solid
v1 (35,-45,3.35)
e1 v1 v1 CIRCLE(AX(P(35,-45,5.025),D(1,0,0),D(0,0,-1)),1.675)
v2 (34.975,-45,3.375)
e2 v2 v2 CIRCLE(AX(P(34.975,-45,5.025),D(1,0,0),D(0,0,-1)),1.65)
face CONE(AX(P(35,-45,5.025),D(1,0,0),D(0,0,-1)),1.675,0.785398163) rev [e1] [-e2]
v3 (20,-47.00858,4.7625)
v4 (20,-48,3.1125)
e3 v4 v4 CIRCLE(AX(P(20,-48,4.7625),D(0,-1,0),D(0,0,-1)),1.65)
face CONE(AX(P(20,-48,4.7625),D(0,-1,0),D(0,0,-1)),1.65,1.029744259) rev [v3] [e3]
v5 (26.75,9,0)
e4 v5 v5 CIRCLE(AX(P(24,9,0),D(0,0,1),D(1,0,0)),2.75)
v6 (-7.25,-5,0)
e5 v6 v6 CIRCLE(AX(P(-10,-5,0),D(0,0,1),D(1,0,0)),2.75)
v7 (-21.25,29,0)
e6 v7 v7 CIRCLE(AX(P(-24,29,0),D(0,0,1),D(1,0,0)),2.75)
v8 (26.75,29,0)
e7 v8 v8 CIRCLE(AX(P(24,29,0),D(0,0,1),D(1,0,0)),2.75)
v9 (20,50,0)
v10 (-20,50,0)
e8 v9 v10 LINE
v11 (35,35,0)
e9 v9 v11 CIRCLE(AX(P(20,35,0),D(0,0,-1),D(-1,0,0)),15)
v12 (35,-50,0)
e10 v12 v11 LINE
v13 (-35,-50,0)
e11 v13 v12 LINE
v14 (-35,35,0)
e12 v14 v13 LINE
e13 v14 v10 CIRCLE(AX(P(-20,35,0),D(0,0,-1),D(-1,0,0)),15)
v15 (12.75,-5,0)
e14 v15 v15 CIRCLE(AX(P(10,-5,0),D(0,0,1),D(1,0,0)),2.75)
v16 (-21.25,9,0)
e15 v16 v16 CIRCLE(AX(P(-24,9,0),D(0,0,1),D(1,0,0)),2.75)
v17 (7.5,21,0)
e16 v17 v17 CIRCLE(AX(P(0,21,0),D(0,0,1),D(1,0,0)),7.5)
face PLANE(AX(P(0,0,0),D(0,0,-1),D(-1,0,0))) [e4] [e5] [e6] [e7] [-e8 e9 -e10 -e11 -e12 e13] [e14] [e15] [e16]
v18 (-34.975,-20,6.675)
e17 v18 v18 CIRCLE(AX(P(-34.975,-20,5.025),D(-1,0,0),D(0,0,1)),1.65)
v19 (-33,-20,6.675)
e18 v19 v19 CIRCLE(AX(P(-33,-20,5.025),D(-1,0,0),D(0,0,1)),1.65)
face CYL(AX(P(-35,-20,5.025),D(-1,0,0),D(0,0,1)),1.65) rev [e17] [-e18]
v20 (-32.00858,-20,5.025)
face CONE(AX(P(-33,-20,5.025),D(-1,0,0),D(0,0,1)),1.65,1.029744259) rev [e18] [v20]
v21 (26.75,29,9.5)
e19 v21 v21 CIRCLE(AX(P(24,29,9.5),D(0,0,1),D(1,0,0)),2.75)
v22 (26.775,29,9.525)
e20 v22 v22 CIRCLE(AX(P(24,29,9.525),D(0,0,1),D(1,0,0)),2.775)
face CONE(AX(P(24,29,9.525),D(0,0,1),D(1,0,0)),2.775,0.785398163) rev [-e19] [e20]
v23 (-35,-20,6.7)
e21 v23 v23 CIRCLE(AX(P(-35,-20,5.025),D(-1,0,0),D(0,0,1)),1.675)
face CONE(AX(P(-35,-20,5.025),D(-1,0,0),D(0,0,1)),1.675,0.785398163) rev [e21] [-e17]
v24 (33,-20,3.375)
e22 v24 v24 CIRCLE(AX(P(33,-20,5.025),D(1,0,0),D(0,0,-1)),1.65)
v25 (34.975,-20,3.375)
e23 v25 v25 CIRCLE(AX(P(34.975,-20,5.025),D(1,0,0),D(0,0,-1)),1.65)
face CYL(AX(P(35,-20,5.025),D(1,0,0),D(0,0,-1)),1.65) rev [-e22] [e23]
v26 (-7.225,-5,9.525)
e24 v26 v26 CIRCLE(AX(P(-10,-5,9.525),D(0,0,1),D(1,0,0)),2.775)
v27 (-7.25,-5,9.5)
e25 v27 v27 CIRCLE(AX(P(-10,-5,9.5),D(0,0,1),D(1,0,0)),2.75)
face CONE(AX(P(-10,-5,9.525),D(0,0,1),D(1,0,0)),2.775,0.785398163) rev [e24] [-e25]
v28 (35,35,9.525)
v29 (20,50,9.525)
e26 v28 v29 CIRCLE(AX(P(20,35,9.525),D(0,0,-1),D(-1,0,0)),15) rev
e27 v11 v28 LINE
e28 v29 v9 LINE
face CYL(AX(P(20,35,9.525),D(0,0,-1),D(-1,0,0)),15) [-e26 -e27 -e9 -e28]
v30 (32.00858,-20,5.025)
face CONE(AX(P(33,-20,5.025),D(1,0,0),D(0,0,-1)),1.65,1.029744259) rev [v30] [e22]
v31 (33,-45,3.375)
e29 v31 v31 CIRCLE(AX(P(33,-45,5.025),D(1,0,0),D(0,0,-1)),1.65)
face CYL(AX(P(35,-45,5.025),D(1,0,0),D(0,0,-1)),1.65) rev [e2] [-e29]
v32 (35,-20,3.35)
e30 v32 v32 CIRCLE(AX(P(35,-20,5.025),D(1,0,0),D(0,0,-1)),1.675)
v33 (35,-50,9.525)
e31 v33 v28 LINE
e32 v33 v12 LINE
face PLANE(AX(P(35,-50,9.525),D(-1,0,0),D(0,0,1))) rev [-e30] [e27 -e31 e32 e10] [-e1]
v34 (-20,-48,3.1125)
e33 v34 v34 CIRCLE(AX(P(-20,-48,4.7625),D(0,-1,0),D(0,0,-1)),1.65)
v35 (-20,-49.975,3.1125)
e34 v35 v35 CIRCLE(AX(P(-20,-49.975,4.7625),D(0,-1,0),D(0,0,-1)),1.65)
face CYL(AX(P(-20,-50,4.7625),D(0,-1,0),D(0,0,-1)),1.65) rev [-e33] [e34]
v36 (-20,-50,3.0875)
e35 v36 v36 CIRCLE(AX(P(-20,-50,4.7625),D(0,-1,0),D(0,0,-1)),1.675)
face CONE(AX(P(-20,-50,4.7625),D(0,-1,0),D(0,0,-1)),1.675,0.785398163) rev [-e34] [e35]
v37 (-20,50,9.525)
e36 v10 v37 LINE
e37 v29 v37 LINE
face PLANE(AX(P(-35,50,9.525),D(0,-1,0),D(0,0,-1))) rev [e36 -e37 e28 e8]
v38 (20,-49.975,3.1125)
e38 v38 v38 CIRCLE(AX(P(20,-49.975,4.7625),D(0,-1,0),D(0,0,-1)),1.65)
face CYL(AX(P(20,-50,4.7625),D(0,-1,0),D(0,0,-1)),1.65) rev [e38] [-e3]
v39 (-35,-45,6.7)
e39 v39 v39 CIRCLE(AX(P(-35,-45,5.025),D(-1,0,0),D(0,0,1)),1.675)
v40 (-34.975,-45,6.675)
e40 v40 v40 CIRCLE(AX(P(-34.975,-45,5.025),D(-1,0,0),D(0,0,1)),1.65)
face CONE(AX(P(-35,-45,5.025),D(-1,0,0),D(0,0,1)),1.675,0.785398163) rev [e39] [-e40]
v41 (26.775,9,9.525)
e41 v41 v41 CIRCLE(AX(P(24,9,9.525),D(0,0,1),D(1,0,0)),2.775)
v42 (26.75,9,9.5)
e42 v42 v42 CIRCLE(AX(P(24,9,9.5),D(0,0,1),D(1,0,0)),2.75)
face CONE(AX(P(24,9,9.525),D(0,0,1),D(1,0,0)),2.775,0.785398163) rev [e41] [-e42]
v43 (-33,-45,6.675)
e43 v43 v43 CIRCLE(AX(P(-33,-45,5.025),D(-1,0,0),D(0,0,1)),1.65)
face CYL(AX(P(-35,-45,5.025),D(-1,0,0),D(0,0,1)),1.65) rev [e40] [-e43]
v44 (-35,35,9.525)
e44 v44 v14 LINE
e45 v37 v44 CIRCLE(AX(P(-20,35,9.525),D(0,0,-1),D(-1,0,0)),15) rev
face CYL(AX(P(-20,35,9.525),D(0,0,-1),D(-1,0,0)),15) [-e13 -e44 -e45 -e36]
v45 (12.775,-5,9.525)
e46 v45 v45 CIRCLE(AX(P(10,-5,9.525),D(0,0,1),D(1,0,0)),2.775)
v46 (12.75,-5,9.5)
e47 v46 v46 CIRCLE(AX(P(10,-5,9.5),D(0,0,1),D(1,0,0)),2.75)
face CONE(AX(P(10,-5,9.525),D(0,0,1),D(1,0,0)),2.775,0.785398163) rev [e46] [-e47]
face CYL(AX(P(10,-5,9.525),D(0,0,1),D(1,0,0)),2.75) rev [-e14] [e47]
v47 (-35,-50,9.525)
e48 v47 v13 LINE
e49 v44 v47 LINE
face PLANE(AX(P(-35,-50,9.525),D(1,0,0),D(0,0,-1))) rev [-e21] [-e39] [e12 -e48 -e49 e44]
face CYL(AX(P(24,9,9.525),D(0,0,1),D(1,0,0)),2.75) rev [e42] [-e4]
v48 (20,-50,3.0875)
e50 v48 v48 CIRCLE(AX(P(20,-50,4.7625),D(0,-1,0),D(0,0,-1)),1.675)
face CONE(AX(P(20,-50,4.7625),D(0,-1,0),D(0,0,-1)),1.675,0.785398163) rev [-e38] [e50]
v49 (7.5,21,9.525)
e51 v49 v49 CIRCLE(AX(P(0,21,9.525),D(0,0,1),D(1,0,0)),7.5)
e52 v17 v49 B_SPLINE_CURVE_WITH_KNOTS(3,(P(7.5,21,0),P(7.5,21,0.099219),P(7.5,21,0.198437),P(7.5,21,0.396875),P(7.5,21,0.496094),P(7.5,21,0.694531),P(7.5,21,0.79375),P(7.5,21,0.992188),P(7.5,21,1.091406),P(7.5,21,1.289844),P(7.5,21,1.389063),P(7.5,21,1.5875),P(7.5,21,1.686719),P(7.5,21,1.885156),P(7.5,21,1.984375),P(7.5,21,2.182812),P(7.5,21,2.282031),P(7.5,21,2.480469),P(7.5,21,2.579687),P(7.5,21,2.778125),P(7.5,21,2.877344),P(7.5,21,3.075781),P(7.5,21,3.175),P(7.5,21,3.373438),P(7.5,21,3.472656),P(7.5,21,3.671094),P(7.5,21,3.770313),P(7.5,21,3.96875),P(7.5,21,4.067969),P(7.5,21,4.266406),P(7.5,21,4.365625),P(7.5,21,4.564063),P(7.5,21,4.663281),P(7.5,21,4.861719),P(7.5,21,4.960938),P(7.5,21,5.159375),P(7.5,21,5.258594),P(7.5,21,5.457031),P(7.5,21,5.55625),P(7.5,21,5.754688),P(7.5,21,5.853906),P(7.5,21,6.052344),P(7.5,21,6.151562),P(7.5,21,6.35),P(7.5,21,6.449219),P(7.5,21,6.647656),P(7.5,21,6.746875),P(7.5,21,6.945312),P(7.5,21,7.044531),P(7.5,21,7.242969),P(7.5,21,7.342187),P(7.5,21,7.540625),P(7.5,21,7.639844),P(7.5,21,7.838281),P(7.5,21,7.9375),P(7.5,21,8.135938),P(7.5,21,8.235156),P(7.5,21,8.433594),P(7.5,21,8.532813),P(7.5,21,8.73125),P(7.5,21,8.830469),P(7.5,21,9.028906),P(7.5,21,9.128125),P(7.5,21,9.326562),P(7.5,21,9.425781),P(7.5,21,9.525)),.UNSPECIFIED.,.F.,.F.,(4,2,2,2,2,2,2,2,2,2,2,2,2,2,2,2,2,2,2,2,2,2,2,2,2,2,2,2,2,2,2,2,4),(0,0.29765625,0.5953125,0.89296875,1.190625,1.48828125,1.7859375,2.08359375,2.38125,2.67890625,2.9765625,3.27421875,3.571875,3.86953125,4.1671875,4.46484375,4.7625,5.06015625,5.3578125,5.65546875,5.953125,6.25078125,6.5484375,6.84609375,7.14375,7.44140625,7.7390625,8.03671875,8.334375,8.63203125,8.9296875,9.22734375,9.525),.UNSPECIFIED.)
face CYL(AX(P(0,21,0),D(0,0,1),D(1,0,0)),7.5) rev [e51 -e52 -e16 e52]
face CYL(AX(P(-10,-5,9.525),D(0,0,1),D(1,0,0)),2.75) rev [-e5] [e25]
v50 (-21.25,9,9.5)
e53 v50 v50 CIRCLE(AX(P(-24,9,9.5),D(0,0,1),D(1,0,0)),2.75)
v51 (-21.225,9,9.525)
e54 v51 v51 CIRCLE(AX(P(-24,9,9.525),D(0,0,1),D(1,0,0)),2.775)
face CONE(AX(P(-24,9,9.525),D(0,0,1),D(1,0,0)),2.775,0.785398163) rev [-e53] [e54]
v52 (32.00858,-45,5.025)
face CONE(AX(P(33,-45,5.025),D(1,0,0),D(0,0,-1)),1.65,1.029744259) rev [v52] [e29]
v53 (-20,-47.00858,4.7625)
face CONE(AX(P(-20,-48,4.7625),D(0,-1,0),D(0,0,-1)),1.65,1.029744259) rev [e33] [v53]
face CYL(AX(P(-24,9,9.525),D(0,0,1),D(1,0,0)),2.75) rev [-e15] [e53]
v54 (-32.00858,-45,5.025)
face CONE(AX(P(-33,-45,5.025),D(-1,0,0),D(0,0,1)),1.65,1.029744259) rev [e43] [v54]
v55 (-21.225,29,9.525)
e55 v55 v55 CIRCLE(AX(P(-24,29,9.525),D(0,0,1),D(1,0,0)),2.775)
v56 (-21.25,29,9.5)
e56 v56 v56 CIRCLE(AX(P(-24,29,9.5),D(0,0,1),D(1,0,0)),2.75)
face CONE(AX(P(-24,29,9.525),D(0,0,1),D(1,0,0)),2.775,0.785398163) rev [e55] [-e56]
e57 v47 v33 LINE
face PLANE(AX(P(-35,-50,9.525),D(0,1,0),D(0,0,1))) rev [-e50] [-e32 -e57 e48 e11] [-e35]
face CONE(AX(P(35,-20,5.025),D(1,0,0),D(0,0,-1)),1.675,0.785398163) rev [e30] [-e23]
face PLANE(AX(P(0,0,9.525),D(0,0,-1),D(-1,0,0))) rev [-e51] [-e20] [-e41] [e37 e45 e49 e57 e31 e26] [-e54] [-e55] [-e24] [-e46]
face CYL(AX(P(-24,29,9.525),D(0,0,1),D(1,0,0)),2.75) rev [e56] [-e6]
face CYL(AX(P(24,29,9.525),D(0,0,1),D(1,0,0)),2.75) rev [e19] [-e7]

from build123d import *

# Parameters (mm, degrees)
SKETCH1_W                             = 70
SKETCH1_H                             = 100
BOSS_EXTRUDE1_DEPTH                   = 9.525
TAP_DRILL_FOR_M4X0_7_TAP1_D           = 3.3
TAP_DRILL_FOR_M4X0_7_TAP1_DEPTH       = 2
TAP_DRILL_FOR_M4X0_7_TAP1_CSINK_D     = 3.35
TAP_DRILL_FOR_M4X0_7_TAP1_CSINK_ANGLE = 90
TAP_DRILL_FOR_M4X0_7_TAP1_TIP         = 0.991420021
SKETCH6_R                             = 7.5
CUT_EXTRUDE1_DEPTH                    = 62.771560001
M5_CLEARANCE_HOLE1_D                  = 5.5
M5_CLEARANCE_HOLE1_CSINK_D            = 5.55
M5_CLEARANCE_HOLE1_CSINK_ANGLE        = 90
TAP_DRILL_FOR_M4X0_7_TAP2_AT_2_COUNT  = 2
TAP_DRILL_FOR_M4X0_7_TAP2_AT_2_PITCH  = 25
FILLET1_R                             = 15


with BuildPart() as part:
    # Sketch1 → Boss-Extrude1 (new body)
    with BuildSketch(Plane.XY):
        Rectangle(SKETCH1_W, SKETCH1_H)
    extrude(amount=BOSS_EXTRUDE1_DEPTH)

    # Tap Drill for M4x0.7 Tap1
    with Locations(Plane(origin=(0, -50, 0), x_dir=(-1, 0, 0), z_dir=(0, -1, 0))):
        with Locations((20, -4.7625), (-20, -4.7625)):
            CounterSinkHole(TAP_DRILL_FOR_M4X0_7_TAP1_D / 2, TAP_DRILL_FOR_M4X0_7_TAP1_CSINK_D / 2, depth=TAP_DRILL_FOR_M4X0_7_TAP1_DEPTH, counter_sink_angle=TAP_DRILL_FOR_M4X0_7_TAP1_CSINK_ANGLE)
            with Locations((0, 0, -(TAP_DRILL_FOR_M4X0_7_TAP1_DEPTH + TAP_DRILL_FOR_M4X0_7_TAP1_TIP / 2))):  # 118° drill point
                Cone(0, TAP_DRILL_FOR_M4X0_7_TAP1_D / 2, TAP_DRILL_FOR_M4X0_7_TAP1_TIP, mode=Mode.SUBTRACT)

    # Sketch6 → Cut-Extrude1 (cut, through all)
    with BuildSketch(Plane.XY.offset(9.525)):
        with Locations((0, 21)):
            Circle(SKETCH6_R)
    extrude(amount=-CUT_EXTRUDE1_DEPTH, mode=Mode.SUBTRACT)

    # M5 Clearance Hole1 (through all)
    with Locations(Plane.XY.offset(9.525)):
        with Locations((-10, -5), (10, -5), (24, 9), (24, 29), (-24, 9), (-24, 29)):
            CounterSinkHole(M5_CLEARANCE_HOLE1_D / 2, M5_CLEARANCE_HOLE1_CSINK_D / 2, counter_sink_angle=M5_CLEARANCE_HOLE1_CSINK_ANGLE)

    # Sketch16 → Tap Drill for M4x0.7 Tap2 (revolve, cut)
    with BuildSketch(Plane(origin=(35, -45, 5.025), x_dir=(0, 0, -1), z_dir=(0, 1, 0))):
        Polygon((0, 0), (0, 2.991420021), (1.65, 2), (1.65, 0.025), (1.675, 0), align=None)
    tap_drill_for_m4x0_7_tap2 = revolve(axis=Axis((41.35, -45, 5.025), (-1, 0, 0)), mode=Mode.SUBTRACT)

    # Tap Drill for M4x0.7 Tap2 at 2: Tap Drill for M4x0.7 Tap2 ×2
    with Locations(*[(0, i * TAP_DRILL_FOR_M4X0_7_TAP2_AT_2_PITCH, 0) for i in range(1, TAP_DRILL_FOR_M4X0_7_TAP2_AT_2_COUNT)]):
        add(tap_drill_for_m4x0_7_tap2, mode=Mode.SUBTRACT)

    # Mirror1: Tap Drill for M4x0.7 Tap2 across plane
    add(tap_drill_for_m4x0_7_tap2.mirror(Plane(origin=(0, 0, 0), x_dir=(0, 0, 1), z_dir=(1, 0, 0))), mode=Mode.SUBTRACT)

    # Mirror1 copy 1 sketch → Mirror1 copy 1 (revolve, cut)
    with BuildSketch(Plane(origin=(-35, -20, 5.025), x_dir=(0, 0, -1), z_dir=(0, 1, 0))):
        Polygon((0, 0), (0, -2.991420021), (1.65, -2), (1.65, -0.025), (1.675, 0), align=None)
    revolve(axis=Axis((-41.35, -20, 5.025), (-1, 0, 0)), mode=Mode.SUBTRACT)

    # Fillet1
    fillet1_edges = [part.edges().sort_by_distance(p)[0] for p in [
        (-35, 50, 4.7625),
        (35, 50, 4.7625),
    ]]
    fillet(fillet1_edges, radius=FILLET1_R)


solid = part.part
